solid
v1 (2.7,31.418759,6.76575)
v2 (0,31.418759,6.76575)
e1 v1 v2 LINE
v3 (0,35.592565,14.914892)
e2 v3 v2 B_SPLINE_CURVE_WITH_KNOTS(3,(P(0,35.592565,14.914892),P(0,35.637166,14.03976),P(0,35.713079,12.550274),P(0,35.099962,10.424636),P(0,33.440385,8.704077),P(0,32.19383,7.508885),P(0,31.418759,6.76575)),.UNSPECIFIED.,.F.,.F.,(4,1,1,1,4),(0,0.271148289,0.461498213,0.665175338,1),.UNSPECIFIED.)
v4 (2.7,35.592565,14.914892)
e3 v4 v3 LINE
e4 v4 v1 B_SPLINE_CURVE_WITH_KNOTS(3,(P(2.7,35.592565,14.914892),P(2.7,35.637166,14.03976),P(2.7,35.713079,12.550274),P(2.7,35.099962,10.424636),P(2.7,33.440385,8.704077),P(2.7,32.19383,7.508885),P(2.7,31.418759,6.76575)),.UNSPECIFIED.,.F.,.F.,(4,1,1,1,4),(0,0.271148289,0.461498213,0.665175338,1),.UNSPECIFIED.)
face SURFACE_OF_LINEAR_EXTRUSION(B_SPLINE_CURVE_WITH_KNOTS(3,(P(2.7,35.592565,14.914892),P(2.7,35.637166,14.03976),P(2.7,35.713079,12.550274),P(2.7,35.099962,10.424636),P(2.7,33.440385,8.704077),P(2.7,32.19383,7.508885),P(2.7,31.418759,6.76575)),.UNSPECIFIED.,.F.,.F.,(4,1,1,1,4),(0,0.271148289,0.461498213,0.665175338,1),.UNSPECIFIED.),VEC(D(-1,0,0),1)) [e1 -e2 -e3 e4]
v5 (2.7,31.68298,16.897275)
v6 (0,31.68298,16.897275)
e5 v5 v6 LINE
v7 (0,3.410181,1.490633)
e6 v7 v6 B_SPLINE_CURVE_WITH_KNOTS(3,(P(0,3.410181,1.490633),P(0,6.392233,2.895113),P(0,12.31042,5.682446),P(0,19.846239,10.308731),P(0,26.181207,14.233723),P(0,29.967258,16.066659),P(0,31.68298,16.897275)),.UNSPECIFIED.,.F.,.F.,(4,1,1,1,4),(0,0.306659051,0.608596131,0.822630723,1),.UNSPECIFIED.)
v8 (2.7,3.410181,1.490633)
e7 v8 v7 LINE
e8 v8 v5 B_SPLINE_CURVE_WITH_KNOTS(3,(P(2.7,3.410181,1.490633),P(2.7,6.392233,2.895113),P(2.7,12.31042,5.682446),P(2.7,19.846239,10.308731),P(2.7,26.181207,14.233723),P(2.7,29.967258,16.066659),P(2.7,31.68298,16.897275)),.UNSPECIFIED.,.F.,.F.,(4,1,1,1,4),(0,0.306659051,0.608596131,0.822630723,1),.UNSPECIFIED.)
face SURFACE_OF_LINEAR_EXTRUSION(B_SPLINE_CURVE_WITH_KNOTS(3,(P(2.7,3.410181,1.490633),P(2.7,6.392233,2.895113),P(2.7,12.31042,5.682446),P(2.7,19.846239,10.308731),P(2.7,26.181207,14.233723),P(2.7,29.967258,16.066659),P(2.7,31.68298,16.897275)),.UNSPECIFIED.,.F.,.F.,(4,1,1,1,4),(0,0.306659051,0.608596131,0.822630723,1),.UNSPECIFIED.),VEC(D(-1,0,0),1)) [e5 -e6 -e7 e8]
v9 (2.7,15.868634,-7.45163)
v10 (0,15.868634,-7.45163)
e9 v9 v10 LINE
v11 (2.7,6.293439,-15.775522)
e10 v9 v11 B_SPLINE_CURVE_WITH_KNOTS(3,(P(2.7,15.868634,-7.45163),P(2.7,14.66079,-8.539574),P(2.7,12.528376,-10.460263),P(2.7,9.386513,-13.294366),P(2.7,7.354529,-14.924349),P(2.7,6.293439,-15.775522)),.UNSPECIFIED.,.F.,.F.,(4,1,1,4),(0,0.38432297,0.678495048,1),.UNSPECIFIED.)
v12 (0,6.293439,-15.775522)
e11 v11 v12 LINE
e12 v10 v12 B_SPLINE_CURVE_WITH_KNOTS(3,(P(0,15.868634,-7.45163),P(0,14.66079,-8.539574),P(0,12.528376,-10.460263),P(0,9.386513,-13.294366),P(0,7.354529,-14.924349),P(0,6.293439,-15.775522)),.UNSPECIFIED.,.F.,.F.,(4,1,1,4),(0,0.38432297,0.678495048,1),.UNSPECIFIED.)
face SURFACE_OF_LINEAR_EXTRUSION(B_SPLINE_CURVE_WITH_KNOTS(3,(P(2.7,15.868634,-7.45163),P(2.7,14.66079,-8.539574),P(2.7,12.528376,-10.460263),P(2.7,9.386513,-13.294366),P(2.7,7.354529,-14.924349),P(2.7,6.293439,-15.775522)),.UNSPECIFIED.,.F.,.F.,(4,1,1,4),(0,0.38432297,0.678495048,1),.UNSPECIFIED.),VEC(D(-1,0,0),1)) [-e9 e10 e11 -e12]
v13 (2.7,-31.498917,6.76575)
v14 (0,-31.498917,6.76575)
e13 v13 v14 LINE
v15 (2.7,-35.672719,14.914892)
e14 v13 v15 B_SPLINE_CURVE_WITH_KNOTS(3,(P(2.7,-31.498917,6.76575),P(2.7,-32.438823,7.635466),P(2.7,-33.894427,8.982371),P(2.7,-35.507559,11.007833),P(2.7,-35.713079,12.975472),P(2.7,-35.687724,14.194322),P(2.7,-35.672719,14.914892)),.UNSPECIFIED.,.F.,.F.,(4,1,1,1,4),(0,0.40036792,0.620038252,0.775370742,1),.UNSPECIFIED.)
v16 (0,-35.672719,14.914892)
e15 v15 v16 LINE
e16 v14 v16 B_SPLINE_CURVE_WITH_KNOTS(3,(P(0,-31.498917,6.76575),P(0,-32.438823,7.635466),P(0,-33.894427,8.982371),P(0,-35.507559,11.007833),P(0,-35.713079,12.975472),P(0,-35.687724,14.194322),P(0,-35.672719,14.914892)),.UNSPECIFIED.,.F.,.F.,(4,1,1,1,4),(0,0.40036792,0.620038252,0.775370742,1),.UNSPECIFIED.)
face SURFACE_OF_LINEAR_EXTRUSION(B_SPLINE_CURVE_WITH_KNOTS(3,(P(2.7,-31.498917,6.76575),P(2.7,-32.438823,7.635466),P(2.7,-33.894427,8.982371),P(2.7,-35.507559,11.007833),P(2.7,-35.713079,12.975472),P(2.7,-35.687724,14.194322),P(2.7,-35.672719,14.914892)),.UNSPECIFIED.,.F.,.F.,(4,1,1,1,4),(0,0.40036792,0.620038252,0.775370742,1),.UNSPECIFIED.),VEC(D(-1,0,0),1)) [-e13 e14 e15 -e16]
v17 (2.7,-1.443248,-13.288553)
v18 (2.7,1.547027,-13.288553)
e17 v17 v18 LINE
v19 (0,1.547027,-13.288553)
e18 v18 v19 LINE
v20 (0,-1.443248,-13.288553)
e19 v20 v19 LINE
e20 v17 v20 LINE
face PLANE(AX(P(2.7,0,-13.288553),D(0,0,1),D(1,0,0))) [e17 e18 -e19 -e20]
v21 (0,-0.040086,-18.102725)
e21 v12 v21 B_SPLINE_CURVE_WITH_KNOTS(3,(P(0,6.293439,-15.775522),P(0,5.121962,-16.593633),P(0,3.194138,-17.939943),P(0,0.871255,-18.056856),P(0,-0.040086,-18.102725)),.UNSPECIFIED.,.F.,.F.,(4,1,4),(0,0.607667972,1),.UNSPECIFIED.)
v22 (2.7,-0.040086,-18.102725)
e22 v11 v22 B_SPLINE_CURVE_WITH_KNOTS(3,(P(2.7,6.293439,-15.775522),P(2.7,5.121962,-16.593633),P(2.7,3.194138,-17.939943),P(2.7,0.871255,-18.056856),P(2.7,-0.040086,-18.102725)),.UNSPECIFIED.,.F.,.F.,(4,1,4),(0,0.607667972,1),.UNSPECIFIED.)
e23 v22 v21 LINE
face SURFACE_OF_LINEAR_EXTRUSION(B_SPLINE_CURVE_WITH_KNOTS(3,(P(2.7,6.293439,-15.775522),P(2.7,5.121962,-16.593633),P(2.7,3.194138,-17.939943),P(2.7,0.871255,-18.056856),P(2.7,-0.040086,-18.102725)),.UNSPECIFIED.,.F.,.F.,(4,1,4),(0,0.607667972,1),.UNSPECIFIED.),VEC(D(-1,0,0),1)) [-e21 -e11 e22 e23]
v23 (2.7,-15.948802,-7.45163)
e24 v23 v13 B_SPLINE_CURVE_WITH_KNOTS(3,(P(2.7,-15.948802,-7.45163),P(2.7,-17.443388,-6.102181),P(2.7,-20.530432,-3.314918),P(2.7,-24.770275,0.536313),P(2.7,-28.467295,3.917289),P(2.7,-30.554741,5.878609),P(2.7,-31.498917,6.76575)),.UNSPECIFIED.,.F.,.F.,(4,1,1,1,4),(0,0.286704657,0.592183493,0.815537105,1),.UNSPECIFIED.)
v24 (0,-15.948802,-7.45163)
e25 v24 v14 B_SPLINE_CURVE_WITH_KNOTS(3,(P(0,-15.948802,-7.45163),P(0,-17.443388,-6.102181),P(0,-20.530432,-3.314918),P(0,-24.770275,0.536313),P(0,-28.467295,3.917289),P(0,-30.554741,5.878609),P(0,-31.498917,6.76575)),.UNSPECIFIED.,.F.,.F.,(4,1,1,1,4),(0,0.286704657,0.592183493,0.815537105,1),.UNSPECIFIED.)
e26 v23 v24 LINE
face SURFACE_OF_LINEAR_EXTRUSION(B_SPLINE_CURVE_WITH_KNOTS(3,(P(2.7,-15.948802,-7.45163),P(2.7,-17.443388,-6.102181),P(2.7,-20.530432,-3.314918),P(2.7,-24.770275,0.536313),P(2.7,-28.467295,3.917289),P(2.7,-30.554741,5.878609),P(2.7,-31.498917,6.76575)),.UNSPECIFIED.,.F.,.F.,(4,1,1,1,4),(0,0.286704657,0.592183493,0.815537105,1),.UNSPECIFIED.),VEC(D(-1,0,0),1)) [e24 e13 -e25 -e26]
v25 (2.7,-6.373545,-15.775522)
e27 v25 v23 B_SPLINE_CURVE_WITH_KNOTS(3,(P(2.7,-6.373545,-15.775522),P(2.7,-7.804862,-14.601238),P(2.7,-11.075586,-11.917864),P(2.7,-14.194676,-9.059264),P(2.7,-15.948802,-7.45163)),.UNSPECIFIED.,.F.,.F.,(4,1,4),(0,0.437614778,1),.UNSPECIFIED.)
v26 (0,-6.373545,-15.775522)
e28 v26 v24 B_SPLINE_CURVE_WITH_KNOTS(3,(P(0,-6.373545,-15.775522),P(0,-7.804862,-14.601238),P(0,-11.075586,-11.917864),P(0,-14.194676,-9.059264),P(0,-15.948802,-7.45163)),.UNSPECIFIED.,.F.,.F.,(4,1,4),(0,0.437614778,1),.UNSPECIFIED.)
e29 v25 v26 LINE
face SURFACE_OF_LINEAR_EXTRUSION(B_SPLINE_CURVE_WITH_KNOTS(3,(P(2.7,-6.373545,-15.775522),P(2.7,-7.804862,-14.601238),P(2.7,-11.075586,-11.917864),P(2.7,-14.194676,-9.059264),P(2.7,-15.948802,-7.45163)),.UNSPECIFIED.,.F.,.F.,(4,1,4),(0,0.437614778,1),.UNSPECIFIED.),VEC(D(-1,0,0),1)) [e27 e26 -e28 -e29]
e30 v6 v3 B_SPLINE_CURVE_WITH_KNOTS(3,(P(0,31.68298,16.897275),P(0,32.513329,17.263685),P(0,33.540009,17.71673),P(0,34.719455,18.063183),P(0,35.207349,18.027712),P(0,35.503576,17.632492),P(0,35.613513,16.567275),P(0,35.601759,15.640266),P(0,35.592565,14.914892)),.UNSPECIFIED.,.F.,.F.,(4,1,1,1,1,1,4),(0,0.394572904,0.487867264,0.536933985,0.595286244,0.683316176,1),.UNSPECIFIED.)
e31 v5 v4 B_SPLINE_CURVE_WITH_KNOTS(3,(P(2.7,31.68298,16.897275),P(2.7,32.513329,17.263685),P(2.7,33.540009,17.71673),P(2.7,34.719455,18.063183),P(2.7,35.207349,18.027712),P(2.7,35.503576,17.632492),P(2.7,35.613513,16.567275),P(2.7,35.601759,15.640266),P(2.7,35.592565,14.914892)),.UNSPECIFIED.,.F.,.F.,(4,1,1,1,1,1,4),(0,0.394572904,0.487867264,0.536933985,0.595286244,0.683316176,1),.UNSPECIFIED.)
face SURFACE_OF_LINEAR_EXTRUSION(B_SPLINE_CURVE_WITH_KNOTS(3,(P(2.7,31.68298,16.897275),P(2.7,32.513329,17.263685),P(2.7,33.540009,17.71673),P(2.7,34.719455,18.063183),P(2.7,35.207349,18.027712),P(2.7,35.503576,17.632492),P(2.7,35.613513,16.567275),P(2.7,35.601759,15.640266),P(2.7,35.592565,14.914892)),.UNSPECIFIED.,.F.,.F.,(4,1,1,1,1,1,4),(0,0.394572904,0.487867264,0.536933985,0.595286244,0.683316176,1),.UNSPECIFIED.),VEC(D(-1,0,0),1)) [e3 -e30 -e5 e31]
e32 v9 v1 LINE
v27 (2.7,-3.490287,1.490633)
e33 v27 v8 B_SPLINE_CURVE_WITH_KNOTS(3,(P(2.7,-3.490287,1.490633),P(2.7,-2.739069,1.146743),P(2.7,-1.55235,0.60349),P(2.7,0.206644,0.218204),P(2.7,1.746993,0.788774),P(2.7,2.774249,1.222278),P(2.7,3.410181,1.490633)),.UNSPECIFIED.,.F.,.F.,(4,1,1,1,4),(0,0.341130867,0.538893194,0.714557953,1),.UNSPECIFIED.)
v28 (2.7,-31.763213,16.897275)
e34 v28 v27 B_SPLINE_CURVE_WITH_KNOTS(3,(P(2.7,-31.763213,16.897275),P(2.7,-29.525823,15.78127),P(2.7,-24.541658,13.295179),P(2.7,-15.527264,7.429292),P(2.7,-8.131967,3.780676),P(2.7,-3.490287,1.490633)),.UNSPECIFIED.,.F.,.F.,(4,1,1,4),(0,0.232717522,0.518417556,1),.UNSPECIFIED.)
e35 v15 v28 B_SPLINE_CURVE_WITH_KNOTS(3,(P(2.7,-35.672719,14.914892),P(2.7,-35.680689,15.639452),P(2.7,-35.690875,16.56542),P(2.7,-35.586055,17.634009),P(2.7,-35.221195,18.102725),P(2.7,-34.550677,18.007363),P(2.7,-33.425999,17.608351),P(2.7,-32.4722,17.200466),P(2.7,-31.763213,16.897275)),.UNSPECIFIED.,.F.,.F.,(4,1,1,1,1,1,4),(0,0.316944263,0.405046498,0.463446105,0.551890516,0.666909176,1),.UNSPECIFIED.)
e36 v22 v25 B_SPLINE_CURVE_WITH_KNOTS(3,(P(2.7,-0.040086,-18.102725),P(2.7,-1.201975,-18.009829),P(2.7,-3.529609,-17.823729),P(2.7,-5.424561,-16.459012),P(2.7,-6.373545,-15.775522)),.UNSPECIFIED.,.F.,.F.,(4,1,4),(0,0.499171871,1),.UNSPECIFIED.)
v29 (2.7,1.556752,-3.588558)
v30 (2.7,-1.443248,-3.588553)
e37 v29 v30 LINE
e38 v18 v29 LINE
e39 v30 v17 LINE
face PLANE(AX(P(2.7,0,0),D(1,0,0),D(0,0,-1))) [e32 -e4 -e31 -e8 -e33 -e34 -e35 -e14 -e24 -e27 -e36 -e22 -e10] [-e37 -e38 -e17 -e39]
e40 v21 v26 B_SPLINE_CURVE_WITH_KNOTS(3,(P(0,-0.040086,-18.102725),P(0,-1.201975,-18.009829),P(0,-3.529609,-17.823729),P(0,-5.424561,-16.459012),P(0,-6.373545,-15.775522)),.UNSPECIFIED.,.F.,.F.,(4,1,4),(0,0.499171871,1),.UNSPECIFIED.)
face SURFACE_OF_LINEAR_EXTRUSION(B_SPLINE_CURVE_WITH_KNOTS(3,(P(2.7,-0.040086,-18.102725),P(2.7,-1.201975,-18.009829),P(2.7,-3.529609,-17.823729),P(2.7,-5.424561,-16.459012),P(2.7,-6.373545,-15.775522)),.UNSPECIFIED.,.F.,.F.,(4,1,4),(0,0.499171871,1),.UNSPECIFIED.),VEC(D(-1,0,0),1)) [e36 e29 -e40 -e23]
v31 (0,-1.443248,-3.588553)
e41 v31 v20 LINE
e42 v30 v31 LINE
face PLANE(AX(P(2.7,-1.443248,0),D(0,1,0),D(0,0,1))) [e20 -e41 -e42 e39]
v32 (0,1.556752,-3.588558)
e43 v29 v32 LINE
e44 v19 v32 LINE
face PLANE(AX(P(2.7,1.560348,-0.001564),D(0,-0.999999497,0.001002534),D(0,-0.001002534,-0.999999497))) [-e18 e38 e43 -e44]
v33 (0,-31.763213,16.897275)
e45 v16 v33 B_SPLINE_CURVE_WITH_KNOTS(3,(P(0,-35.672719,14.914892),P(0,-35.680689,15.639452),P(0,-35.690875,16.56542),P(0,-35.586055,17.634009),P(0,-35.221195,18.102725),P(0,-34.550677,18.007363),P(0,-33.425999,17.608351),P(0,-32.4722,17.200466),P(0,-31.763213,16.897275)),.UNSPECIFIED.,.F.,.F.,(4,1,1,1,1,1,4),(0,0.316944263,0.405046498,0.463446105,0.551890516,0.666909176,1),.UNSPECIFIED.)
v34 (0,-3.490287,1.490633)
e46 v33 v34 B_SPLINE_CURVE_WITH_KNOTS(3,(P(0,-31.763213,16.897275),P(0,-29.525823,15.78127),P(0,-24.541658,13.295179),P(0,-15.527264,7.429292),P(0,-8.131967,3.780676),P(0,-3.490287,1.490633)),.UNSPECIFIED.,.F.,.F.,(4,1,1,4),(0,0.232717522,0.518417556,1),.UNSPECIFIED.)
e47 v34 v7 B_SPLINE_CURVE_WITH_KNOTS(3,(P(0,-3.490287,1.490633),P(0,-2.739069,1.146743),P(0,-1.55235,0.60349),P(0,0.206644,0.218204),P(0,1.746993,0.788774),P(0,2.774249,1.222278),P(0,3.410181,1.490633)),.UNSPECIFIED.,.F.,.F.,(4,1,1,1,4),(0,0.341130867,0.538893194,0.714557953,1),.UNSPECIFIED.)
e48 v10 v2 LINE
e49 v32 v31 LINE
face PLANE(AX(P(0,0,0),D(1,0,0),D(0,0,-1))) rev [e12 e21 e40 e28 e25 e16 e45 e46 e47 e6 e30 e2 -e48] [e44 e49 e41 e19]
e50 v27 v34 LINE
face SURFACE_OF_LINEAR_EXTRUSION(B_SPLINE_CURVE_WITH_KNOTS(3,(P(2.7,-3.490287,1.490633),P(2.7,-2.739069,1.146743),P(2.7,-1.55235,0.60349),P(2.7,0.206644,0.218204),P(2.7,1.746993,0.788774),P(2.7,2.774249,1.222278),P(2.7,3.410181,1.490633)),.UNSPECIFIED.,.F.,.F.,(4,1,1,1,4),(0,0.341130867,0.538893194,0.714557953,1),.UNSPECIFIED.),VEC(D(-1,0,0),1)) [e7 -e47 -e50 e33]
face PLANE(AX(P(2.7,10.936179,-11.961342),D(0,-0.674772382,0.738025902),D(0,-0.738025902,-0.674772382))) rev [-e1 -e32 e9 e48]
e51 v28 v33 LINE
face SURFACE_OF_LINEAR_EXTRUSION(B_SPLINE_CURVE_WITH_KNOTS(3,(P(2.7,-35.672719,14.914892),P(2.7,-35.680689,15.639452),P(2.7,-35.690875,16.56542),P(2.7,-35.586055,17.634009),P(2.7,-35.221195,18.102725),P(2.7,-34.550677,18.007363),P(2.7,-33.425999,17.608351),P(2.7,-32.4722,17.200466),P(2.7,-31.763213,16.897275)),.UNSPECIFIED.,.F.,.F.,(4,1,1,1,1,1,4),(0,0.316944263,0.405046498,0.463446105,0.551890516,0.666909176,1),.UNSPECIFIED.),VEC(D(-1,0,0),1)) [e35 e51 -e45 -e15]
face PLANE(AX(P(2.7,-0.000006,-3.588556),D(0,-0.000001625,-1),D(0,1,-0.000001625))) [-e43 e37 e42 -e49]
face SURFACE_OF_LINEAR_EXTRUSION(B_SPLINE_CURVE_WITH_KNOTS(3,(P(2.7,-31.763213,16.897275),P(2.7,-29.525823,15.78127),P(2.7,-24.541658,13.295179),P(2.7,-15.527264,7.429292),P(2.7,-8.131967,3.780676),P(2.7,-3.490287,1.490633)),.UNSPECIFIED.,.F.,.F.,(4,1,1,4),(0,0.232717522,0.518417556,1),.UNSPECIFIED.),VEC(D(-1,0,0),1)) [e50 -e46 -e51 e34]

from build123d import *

# Parameters (mm, degrees)
SALIENTE_EXTRUIR1_DEPTH = 2.7


with BuildPart() as part:
    # Croquis1 → Saliente-Extruir1 (new body)
    with BuildSketch(Plane.YZ):
        with BuildLine():
            add(Edge.make_bspline(
                [(6.293439228, -15.775522485), (5.121962142, -16.593632507), (3.194137839, -17.939943421), (0.871254985, -18.056856227), (-0.040086355, -18.102724865)],
                knots=[0, 0, 0, 0, 0.607667972, 1, 1, 1, 1], degree=3))
            add(Edge.make_bspline(
                [(-0.040086355, -18.102724865), (-1.201974654, -18.009829097), (-3.52960923, -17.823729331), (-5.424560604, -16.459011542), (-6.373545472, -15.775522485)],
                knots=[0, 0, 0, 0, 0.499171871, 1, 1, 1, 1], degree=3))
            add(Edge.make_bspline(
                [(-6.373545472, -15.775522485), (-7.804862353, -14.601238141), (-11.07558572, -11.917863625), (-14.194675958, -9.059264094), (-15.948801542, -7.451629963)],
                knots=[0, 0, 0, 0, 0.437614778, 1, 1, 1, 1], degree=3))
            add(Edge.make_bspline(
                [(-15.948801542, -7.451629963), (-17.443388463, -6.10218116), (-20.530431809, -3.314918078), (-24.770274629, 0.536312591), (-28.467294634, 3.917288838), (-30.554741006, 5.878609194), (-31.49891708, 6.765750406)],
                knots=[0, 0, 0, 0, 0.286704657, 0.592183493, 0.815537105, 1, 1, 1, 1], degree=3))
            add(Edge.make_bspline(
                [(-31.49891708, 6.765750406), (-32.438822541, 7.635466475), (-33.894427025, 8.982370671), (-35.507559417, 11.007833432), (-35.713078645, 12.975472223), (-35.687723833, 14.194321553), (-35.672718902, 14.914892037)],
                knots=[0, 0, 0, 0, 0.40036792, 0.620038252, 0.775370742, 1, 1, 1, 1], degree=3))
            add(Edge.make_bspline(
                [(-35.672718902, 14.914892037), (-35.680689094, 15.639451674), (-35.690874791, 16.565419984), (-35.586054884, 17.634008996), (-35.221194824, 18.102724865), (-34.550677182, 18.007362541), (-33.425998925, 17.608351417), (-32.472200247, 17.20046624), (-31.763213091, 16.897275135)],
                knots=[0, 0, 0, 0, 0.316944263, 0.405046498, 0.463446105, 0.551890516, 0.666909176, 1, 1, 1, 1], degree=3))
            add(Edge.make_bspline(
                [(-31.763213091, 16.897275135), (-29.525822617, 15.781269732), (-24.541657724, 13.295179343), (-15.527263963, 7.429291582), (-8.131966695, 3.780675765), (-3.490287323, 1.490633478)],
                knots=[0, 0, 0, 0, 0.232717522, 0.518417556, 1, 1, 1, 1], degree=3))
            add(Edge.make_bspline(
                [(-3.490287323, 1.490633478), (-2.739069016, 1.146742809), (-1.552350155, 0.603489886), (0.206643558, 0.218203753), (1.746992984, 0.788773893), (2.774249384, 1.222278318), (3.41018108, 1.490633478)],
                knots=[0, 0, 0, 0, 0.341130867, 0.538893194, 0.714557953, 1, 1, 1, 1], degree=3))
            add(Edge.make_bspline(
                [(3.41018108, 1.490633478), (6.392233349, 2.895112996), (12.310419911, 5.682445699), (19.846239343, 10.308731434), (26.181207451, 14.233722821), (29.967258265, 16.066658656), (31.682979537, 16.897275135)],
                knots=[0, 0, 0, 0, 0.306659051, 0.608596131, 0.822630723, 1, 1, 1, 1], degree=3))
            add(Edge.make_bspline(
                [(31.682979537, 16.897275135), (32.513328743, 17.263685023), (33.540008962, 17.716730297), (34.719454724, 18.063183238), (35.207348957, 18.027712416), (35.503576328, 17.632491508), (35.613512678, 16.567275152), (35.60175886, 15.640265975), (35.592564917, 14.914892037)],
                knots=[0, 0, 0, 0, 0.394572904, 0.487867264, 0.536933985, 0.595286244, 0.683316176, 1, 1, 1, 1], degree=3))
            add(Edge.make_bspline(
                [(35.592564917, 14.914892037), (35.63716636, 14.039760306), (35.713078645, 12.550273754), (35.099962352, 10.424635865), (33.440384597, 8.704076796), (32.193829883, 7.508885437), (31.41875862, 6.765750406)],
                knots=[0, 0, 0, 0, 0.271148289, 0.461498213, 0.665175338, 1, 1, 1, 1], degree=3))
            Line((31.41875862, 6.765750406), (15.868633502, -7.451629963))
            add(Edge.make_bspline(
                [(15.868633502, -7.451629963), (14.660790378, -8.539574174), (12.528375778, -10.460262806), (9.386512886, -13.29436609), (7.354529376, -14.924349411), (6.293439228, -15.775522485)],
                knots=[0, 0, 0, 0, 0.38432297, 0.678495048, 1, 1, 1, 1], degree=3))
        make_face()
        Polygon((1.556751969, -3.588558087), (-1.443248031, -3.588553212), (-1.443248031, -13.288553212), (1.547027392, -13.288553212), align=None, mode=Mode.SUBTRACT)
    extrude(amount=SALIENTE_EXTRUIR1_DEPTH)


solid = part.part
